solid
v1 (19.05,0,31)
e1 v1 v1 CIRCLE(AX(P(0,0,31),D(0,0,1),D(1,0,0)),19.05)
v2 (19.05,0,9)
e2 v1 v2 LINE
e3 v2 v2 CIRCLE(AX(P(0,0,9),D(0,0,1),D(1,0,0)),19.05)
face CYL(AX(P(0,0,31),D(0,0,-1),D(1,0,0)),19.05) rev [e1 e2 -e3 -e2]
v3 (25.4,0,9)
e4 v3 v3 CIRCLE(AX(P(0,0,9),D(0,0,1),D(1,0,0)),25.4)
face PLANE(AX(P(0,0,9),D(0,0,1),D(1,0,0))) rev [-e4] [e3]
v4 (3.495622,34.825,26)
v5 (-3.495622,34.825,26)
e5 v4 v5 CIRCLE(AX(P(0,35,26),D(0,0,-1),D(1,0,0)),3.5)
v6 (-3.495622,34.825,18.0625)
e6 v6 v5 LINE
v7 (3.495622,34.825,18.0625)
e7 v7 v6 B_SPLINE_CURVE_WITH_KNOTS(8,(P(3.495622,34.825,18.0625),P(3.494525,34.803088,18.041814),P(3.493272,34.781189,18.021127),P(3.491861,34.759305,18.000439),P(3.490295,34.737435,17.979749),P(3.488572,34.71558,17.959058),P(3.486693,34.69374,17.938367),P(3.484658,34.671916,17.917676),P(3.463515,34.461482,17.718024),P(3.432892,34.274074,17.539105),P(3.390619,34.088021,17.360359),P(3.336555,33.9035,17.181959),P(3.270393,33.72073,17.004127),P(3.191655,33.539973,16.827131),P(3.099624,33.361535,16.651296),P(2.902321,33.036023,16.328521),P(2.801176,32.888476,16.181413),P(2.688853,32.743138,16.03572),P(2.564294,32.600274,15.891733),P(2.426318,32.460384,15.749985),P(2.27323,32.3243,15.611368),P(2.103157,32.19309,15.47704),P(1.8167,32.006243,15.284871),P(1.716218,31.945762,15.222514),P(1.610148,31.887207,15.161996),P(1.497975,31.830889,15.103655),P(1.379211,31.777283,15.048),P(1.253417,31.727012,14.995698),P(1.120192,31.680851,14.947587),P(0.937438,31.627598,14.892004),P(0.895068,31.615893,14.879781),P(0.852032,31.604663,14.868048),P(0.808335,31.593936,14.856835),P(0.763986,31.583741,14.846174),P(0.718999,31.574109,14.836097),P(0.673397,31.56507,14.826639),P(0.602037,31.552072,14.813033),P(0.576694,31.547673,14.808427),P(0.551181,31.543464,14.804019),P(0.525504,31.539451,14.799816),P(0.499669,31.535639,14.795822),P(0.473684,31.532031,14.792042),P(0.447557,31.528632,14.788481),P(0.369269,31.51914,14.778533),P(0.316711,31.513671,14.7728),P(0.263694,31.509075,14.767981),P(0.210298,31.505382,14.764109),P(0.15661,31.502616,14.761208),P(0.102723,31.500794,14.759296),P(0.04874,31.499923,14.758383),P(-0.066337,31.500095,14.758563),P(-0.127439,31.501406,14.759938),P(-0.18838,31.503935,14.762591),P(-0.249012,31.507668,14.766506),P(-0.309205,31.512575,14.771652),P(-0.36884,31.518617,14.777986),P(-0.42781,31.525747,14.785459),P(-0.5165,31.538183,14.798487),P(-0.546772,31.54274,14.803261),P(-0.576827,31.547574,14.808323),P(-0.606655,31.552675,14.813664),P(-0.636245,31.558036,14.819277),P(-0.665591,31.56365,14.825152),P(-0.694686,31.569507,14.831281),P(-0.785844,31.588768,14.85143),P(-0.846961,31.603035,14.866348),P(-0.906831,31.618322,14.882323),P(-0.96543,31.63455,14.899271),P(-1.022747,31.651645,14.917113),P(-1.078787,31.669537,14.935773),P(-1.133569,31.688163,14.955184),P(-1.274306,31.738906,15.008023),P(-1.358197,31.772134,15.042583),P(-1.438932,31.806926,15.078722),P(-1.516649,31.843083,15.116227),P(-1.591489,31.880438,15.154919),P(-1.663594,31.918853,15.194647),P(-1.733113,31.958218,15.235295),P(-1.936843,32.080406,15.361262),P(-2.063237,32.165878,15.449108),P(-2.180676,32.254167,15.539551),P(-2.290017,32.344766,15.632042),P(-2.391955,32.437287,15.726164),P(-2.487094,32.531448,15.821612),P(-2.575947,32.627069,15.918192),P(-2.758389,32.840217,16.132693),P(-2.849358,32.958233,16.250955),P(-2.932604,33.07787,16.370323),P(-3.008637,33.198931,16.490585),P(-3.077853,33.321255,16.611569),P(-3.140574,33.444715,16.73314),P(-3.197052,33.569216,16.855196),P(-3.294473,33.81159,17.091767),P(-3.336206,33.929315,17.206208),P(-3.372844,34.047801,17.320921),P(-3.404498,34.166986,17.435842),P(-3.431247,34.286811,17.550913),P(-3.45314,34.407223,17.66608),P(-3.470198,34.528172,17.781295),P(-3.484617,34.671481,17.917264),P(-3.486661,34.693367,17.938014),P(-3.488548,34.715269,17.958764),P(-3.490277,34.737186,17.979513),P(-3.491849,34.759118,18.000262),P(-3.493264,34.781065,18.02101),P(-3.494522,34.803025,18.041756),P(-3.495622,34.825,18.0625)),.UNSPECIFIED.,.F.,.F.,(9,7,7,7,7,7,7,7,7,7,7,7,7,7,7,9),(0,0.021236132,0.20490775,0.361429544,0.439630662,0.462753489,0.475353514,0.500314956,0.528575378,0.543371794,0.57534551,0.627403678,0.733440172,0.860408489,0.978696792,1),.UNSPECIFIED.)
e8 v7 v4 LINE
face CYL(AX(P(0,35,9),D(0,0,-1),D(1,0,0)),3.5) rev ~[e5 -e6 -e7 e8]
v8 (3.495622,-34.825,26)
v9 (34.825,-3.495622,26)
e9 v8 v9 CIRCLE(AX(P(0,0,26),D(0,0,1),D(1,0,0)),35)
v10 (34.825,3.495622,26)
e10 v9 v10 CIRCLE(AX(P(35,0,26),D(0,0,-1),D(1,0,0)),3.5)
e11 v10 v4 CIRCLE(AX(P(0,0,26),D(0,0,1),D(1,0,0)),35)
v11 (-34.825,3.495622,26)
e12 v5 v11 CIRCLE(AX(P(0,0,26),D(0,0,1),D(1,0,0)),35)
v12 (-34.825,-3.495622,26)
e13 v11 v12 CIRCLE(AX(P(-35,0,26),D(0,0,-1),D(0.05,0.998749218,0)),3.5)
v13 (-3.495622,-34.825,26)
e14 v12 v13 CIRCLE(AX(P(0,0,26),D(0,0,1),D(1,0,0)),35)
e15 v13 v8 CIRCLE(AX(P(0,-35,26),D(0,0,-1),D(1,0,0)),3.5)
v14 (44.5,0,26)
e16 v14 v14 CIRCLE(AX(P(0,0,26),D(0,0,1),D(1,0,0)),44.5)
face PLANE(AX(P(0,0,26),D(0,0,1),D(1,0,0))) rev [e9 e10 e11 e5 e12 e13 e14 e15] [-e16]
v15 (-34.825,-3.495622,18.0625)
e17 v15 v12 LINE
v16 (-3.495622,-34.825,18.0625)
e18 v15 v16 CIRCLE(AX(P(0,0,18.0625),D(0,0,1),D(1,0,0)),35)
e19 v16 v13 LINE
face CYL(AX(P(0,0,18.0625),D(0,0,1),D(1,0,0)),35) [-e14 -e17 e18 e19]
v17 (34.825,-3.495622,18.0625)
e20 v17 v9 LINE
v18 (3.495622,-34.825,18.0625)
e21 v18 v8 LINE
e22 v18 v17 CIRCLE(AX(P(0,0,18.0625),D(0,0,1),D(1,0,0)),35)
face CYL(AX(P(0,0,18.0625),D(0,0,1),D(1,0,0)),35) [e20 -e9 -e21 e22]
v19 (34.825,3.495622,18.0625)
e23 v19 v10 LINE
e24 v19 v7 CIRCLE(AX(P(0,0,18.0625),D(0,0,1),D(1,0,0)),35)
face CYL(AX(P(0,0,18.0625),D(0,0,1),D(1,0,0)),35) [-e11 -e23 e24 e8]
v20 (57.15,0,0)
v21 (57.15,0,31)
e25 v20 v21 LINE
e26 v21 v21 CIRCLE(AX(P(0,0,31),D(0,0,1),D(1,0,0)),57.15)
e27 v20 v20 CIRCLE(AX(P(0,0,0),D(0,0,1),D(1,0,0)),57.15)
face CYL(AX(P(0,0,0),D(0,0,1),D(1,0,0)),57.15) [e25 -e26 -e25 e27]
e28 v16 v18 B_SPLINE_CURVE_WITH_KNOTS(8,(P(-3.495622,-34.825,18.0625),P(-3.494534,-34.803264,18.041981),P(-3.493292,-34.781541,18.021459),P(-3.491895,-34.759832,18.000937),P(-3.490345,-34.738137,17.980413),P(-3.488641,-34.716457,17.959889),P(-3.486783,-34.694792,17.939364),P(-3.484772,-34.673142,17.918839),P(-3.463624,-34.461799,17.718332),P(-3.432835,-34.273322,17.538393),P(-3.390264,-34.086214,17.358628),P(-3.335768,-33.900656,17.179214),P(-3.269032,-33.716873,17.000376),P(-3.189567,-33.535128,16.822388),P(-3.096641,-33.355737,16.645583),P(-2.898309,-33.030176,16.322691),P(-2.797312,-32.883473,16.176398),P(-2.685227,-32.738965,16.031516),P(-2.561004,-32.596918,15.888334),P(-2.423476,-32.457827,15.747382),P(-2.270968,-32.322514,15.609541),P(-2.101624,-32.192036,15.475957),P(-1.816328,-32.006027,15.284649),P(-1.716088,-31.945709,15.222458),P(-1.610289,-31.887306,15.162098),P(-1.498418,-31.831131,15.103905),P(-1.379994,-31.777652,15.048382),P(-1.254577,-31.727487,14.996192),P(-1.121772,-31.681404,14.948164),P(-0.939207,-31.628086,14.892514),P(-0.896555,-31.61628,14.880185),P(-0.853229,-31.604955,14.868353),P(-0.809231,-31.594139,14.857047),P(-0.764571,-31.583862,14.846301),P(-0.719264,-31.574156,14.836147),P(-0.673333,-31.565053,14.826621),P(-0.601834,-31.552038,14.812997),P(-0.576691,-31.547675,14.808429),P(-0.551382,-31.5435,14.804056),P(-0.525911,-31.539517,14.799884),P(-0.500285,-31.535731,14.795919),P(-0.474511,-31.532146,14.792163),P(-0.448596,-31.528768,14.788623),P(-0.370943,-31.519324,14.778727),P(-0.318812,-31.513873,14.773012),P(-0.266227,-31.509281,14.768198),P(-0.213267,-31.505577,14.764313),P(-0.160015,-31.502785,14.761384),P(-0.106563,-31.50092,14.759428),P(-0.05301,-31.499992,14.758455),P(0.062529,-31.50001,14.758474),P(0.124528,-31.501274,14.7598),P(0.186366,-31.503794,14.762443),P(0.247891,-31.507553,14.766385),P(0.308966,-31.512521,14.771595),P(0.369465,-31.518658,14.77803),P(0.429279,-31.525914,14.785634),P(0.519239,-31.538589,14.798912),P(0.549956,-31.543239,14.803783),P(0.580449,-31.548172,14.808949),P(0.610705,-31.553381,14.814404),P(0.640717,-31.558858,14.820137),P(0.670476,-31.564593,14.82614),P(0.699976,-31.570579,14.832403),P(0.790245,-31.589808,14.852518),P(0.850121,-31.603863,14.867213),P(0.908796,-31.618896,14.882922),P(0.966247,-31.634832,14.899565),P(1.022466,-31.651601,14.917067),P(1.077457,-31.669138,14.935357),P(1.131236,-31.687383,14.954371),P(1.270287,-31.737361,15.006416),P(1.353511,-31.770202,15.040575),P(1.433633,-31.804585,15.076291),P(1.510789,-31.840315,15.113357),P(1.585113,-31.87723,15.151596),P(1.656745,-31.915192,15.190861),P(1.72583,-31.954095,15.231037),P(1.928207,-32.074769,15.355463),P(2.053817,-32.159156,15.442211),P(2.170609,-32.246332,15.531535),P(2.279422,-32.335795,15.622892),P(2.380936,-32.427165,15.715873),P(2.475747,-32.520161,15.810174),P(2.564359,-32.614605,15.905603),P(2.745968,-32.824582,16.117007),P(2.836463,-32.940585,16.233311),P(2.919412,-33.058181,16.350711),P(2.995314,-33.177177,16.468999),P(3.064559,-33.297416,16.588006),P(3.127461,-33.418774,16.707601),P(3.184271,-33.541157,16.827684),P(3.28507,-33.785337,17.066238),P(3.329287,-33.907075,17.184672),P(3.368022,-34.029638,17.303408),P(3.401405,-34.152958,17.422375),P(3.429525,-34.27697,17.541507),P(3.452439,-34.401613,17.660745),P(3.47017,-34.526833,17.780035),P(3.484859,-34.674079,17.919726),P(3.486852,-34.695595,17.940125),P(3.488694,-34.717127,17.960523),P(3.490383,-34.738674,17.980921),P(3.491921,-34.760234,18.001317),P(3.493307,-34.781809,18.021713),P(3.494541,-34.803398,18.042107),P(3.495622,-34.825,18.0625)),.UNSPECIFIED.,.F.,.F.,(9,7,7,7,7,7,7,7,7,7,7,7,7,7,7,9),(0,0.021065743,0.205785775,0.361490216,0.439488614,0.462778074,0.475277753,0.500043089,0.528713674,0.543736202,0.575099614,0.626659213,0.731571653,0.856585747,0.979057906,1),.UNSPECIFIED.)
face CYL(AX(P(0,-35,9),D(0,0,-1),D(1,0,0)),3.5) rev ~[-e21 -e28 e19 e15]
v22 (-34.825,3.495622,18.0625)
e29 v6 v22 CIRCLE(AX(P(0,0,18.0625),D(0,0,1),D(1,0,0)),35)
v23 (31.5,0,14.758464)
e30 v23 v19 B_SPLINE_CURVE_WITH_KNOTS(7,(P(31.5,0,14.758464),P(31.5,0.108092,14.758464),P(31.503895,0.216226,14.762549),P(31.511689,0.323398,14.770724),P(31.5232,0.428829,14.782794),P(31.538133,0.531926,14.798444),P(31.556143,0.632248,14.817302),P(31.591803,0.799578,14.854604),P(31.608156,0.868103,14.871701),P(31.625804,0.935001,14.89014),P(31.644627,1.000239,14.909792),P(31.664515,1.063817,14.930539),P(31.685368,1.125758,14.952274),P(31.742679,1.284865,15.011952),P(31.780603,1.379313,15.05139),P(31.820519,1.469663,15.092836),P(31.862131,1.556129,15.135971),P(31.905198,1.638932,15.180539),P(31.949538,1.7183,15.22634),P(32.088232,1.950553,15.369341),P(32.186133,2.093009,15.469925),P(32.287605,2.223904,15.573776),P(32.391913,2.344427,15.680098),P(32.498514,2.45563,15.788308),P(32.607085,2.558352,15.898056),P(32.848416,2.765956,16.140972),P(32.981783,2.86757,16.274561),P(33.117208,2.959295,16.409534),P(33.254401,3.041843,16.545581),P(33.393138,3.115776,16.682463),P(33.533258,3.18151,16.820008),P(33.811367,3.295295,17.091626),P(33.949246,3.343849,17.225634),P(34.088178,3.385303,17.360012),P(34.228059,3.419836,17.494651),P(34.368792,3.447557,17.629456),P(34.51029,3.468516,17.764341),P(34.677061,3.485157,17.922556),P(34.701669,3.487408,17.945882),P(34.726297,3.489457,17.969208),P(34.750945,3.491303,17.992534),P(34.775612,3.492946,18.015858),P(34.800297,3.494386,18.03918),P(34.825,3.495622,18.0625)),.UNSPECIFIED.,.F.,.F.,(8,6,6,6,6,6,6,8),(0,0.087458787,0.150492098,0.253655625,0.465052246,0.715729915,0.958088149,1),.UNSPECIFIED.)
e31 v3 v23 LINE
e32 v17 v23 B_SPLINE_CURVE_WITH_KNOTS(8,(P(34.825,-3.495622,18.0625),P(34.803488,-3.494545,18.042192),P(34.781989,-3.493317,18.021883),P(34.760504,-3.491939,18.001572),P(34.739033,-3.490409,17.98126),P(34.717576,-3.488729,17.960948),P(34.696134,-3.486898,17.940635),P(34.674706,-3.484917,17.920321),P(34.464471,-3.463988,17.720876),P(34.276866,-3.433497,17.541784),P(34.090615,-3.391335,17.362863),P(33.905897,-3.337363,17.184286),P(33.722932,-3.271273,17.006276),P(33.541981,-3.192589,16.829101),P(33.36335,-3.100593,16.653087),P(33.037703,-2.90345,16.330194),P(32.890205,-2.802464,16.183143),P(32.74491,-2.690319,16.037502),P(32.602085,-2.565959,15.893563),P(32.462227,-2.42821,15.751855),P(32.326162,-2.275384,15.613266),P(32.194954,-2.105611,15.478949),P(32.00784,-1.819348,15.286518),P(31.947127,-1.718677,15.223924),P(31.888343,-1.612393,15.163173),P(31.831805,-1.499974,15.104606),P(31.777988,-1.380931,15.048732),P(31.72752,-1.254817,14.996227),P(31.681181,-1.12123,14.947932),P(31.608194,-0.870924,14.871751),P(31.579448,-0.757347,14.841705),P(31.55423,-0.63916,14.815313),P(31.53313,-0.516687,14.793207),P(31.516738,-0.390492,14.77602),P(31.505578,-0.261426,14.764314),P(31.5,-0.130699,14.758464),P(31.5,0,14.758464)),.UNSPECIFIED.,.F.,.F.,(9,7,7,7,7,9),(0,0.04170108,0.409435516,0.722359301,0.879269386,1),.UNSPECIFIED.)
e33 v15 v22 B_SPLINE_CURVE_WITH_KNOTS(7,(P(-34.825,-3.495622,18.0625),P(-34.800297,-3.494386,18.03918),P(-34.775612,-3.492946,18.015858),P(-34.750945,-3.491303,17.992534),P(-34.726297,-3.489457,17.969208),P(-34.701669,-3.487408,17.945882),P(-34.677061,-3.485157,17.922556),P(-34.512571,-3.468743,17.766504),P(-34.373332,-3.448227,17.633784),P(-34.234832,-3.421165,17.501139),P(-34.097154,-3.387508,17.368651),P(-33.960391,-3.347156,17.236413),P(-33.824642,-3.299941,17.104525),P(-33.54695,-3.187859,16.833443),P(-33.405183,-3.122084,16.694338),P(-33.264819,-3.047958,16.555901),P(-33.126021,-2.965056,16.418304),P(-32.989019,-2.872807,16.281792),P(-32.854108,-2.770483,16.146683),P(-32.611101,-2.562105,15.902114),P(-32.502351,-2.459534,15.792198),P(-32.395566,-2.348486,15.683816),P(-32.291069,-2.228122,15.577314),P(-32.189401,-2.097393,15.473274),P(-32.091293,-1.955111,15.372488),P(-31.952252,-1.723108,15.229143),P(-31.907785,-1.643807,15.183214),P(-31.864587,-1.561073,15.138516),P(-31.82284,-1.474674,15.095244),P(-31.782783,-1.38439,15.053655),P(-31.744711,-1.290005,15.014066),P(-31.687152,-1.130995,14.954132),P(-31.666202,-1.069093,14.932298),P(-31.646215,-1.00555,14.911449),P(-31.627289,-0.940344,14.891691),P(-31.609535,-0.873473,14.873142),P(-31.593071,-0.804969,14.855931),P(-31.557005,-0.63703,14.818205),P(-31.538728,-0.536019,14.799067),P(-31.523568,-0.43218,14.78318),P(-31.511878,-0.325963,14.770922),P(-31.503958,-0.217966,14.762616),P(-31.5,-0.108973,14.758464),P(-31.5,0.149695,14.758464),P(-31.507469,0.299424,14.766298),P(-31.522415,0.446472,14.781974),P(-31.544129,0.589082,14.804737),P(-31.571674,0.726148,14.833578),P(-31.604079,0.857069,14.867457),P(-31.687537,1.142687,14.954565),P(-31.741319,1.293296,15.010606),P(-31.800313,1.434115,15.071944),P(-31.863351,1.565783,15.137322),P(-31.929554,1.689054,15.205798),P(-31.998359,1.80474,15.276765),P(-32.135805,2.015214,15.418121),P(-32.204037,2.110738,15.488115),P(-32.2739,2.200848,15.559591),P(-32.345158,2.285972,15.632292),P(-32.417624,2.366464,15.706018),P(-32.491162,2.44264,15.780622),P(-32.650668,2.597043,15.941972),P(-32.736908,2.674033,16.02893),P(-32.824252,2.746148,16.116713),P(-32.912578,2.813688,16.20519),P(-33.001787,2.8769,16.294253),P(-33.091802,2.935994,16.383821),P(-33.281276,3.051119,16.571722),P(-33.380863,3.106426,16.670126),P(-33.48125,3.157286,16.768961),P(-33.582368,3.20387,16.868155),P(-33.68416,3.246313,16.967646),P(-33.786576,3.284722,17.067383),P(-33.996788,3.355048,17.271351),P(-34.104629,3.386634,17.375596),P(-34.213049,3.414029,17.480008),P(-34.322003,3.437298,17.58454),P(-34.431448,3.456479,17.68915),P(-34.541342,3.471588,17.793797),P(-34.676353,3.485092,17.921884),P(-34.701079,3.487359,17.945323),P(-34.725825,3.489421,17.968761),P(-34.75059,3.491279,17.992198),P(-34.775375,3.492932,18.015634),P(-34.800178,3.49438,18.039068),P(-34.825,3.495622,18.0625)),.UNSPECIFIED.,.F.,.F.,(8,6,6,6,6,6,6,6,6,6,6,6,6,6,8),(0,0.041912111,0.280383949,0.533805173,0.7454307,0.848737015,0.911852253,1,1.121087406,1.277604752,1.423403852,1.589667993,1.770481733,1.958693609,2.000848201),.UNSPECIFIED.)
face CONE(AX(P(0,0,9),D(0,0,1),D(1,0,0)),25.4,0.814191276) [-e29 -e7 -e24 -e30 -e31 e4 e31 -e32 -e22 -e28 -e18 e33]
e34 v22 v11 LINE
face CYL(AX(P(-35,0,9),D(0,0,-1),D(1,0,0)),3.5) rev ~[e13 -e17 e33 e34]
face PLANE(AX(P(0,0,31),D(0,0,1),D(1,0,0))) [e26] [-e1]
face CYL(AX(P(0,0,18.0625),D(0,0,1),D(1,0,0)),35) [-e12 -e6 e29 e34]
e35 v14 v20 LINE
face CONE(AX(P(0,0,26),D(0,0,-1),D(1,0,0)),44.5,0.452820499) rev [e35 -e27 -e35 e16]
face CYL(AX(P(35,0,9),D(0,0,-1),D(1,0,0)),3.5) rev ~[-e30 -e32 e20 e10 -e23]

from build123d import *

# Parameters (mm, degrees)
F2_R     = 3.5
F3_DEPTH = 17


with BuildPart() as f1:
    # F0 (on Front) → F1 (revolve)
    with BuildSketch(Plane.XZ):
        Polygon((44.5, 26), (57.15, 0), (57.15, 31), (19.05, 31), (19.05, 9), (25.4, 9), (35, 18.0625), (35, 26), align=None)
    revolve(axis=Axis((0, 0, 19.05), (0, 0, 1)))

    # F2 (on face) → F3 (cut, through all)
    with BuildSketch(Plane(origin=(0, 0, 9), x_dir=(1, 0, 0), z_dir=(0, 0, -1))):
        with Locations((0, 35)):
            Circle(F2_R)
        with Locations((-35, 0)):
            Circle(F2_R)
        with Locations((0, -35)):
            Circle(F2_R)
        with Locations((35, 0)):
            Circle(F2_R)
    extrude(amount=-F3_DEPTH, mode=Mode.SUBTRACT)


solid = f1.part
